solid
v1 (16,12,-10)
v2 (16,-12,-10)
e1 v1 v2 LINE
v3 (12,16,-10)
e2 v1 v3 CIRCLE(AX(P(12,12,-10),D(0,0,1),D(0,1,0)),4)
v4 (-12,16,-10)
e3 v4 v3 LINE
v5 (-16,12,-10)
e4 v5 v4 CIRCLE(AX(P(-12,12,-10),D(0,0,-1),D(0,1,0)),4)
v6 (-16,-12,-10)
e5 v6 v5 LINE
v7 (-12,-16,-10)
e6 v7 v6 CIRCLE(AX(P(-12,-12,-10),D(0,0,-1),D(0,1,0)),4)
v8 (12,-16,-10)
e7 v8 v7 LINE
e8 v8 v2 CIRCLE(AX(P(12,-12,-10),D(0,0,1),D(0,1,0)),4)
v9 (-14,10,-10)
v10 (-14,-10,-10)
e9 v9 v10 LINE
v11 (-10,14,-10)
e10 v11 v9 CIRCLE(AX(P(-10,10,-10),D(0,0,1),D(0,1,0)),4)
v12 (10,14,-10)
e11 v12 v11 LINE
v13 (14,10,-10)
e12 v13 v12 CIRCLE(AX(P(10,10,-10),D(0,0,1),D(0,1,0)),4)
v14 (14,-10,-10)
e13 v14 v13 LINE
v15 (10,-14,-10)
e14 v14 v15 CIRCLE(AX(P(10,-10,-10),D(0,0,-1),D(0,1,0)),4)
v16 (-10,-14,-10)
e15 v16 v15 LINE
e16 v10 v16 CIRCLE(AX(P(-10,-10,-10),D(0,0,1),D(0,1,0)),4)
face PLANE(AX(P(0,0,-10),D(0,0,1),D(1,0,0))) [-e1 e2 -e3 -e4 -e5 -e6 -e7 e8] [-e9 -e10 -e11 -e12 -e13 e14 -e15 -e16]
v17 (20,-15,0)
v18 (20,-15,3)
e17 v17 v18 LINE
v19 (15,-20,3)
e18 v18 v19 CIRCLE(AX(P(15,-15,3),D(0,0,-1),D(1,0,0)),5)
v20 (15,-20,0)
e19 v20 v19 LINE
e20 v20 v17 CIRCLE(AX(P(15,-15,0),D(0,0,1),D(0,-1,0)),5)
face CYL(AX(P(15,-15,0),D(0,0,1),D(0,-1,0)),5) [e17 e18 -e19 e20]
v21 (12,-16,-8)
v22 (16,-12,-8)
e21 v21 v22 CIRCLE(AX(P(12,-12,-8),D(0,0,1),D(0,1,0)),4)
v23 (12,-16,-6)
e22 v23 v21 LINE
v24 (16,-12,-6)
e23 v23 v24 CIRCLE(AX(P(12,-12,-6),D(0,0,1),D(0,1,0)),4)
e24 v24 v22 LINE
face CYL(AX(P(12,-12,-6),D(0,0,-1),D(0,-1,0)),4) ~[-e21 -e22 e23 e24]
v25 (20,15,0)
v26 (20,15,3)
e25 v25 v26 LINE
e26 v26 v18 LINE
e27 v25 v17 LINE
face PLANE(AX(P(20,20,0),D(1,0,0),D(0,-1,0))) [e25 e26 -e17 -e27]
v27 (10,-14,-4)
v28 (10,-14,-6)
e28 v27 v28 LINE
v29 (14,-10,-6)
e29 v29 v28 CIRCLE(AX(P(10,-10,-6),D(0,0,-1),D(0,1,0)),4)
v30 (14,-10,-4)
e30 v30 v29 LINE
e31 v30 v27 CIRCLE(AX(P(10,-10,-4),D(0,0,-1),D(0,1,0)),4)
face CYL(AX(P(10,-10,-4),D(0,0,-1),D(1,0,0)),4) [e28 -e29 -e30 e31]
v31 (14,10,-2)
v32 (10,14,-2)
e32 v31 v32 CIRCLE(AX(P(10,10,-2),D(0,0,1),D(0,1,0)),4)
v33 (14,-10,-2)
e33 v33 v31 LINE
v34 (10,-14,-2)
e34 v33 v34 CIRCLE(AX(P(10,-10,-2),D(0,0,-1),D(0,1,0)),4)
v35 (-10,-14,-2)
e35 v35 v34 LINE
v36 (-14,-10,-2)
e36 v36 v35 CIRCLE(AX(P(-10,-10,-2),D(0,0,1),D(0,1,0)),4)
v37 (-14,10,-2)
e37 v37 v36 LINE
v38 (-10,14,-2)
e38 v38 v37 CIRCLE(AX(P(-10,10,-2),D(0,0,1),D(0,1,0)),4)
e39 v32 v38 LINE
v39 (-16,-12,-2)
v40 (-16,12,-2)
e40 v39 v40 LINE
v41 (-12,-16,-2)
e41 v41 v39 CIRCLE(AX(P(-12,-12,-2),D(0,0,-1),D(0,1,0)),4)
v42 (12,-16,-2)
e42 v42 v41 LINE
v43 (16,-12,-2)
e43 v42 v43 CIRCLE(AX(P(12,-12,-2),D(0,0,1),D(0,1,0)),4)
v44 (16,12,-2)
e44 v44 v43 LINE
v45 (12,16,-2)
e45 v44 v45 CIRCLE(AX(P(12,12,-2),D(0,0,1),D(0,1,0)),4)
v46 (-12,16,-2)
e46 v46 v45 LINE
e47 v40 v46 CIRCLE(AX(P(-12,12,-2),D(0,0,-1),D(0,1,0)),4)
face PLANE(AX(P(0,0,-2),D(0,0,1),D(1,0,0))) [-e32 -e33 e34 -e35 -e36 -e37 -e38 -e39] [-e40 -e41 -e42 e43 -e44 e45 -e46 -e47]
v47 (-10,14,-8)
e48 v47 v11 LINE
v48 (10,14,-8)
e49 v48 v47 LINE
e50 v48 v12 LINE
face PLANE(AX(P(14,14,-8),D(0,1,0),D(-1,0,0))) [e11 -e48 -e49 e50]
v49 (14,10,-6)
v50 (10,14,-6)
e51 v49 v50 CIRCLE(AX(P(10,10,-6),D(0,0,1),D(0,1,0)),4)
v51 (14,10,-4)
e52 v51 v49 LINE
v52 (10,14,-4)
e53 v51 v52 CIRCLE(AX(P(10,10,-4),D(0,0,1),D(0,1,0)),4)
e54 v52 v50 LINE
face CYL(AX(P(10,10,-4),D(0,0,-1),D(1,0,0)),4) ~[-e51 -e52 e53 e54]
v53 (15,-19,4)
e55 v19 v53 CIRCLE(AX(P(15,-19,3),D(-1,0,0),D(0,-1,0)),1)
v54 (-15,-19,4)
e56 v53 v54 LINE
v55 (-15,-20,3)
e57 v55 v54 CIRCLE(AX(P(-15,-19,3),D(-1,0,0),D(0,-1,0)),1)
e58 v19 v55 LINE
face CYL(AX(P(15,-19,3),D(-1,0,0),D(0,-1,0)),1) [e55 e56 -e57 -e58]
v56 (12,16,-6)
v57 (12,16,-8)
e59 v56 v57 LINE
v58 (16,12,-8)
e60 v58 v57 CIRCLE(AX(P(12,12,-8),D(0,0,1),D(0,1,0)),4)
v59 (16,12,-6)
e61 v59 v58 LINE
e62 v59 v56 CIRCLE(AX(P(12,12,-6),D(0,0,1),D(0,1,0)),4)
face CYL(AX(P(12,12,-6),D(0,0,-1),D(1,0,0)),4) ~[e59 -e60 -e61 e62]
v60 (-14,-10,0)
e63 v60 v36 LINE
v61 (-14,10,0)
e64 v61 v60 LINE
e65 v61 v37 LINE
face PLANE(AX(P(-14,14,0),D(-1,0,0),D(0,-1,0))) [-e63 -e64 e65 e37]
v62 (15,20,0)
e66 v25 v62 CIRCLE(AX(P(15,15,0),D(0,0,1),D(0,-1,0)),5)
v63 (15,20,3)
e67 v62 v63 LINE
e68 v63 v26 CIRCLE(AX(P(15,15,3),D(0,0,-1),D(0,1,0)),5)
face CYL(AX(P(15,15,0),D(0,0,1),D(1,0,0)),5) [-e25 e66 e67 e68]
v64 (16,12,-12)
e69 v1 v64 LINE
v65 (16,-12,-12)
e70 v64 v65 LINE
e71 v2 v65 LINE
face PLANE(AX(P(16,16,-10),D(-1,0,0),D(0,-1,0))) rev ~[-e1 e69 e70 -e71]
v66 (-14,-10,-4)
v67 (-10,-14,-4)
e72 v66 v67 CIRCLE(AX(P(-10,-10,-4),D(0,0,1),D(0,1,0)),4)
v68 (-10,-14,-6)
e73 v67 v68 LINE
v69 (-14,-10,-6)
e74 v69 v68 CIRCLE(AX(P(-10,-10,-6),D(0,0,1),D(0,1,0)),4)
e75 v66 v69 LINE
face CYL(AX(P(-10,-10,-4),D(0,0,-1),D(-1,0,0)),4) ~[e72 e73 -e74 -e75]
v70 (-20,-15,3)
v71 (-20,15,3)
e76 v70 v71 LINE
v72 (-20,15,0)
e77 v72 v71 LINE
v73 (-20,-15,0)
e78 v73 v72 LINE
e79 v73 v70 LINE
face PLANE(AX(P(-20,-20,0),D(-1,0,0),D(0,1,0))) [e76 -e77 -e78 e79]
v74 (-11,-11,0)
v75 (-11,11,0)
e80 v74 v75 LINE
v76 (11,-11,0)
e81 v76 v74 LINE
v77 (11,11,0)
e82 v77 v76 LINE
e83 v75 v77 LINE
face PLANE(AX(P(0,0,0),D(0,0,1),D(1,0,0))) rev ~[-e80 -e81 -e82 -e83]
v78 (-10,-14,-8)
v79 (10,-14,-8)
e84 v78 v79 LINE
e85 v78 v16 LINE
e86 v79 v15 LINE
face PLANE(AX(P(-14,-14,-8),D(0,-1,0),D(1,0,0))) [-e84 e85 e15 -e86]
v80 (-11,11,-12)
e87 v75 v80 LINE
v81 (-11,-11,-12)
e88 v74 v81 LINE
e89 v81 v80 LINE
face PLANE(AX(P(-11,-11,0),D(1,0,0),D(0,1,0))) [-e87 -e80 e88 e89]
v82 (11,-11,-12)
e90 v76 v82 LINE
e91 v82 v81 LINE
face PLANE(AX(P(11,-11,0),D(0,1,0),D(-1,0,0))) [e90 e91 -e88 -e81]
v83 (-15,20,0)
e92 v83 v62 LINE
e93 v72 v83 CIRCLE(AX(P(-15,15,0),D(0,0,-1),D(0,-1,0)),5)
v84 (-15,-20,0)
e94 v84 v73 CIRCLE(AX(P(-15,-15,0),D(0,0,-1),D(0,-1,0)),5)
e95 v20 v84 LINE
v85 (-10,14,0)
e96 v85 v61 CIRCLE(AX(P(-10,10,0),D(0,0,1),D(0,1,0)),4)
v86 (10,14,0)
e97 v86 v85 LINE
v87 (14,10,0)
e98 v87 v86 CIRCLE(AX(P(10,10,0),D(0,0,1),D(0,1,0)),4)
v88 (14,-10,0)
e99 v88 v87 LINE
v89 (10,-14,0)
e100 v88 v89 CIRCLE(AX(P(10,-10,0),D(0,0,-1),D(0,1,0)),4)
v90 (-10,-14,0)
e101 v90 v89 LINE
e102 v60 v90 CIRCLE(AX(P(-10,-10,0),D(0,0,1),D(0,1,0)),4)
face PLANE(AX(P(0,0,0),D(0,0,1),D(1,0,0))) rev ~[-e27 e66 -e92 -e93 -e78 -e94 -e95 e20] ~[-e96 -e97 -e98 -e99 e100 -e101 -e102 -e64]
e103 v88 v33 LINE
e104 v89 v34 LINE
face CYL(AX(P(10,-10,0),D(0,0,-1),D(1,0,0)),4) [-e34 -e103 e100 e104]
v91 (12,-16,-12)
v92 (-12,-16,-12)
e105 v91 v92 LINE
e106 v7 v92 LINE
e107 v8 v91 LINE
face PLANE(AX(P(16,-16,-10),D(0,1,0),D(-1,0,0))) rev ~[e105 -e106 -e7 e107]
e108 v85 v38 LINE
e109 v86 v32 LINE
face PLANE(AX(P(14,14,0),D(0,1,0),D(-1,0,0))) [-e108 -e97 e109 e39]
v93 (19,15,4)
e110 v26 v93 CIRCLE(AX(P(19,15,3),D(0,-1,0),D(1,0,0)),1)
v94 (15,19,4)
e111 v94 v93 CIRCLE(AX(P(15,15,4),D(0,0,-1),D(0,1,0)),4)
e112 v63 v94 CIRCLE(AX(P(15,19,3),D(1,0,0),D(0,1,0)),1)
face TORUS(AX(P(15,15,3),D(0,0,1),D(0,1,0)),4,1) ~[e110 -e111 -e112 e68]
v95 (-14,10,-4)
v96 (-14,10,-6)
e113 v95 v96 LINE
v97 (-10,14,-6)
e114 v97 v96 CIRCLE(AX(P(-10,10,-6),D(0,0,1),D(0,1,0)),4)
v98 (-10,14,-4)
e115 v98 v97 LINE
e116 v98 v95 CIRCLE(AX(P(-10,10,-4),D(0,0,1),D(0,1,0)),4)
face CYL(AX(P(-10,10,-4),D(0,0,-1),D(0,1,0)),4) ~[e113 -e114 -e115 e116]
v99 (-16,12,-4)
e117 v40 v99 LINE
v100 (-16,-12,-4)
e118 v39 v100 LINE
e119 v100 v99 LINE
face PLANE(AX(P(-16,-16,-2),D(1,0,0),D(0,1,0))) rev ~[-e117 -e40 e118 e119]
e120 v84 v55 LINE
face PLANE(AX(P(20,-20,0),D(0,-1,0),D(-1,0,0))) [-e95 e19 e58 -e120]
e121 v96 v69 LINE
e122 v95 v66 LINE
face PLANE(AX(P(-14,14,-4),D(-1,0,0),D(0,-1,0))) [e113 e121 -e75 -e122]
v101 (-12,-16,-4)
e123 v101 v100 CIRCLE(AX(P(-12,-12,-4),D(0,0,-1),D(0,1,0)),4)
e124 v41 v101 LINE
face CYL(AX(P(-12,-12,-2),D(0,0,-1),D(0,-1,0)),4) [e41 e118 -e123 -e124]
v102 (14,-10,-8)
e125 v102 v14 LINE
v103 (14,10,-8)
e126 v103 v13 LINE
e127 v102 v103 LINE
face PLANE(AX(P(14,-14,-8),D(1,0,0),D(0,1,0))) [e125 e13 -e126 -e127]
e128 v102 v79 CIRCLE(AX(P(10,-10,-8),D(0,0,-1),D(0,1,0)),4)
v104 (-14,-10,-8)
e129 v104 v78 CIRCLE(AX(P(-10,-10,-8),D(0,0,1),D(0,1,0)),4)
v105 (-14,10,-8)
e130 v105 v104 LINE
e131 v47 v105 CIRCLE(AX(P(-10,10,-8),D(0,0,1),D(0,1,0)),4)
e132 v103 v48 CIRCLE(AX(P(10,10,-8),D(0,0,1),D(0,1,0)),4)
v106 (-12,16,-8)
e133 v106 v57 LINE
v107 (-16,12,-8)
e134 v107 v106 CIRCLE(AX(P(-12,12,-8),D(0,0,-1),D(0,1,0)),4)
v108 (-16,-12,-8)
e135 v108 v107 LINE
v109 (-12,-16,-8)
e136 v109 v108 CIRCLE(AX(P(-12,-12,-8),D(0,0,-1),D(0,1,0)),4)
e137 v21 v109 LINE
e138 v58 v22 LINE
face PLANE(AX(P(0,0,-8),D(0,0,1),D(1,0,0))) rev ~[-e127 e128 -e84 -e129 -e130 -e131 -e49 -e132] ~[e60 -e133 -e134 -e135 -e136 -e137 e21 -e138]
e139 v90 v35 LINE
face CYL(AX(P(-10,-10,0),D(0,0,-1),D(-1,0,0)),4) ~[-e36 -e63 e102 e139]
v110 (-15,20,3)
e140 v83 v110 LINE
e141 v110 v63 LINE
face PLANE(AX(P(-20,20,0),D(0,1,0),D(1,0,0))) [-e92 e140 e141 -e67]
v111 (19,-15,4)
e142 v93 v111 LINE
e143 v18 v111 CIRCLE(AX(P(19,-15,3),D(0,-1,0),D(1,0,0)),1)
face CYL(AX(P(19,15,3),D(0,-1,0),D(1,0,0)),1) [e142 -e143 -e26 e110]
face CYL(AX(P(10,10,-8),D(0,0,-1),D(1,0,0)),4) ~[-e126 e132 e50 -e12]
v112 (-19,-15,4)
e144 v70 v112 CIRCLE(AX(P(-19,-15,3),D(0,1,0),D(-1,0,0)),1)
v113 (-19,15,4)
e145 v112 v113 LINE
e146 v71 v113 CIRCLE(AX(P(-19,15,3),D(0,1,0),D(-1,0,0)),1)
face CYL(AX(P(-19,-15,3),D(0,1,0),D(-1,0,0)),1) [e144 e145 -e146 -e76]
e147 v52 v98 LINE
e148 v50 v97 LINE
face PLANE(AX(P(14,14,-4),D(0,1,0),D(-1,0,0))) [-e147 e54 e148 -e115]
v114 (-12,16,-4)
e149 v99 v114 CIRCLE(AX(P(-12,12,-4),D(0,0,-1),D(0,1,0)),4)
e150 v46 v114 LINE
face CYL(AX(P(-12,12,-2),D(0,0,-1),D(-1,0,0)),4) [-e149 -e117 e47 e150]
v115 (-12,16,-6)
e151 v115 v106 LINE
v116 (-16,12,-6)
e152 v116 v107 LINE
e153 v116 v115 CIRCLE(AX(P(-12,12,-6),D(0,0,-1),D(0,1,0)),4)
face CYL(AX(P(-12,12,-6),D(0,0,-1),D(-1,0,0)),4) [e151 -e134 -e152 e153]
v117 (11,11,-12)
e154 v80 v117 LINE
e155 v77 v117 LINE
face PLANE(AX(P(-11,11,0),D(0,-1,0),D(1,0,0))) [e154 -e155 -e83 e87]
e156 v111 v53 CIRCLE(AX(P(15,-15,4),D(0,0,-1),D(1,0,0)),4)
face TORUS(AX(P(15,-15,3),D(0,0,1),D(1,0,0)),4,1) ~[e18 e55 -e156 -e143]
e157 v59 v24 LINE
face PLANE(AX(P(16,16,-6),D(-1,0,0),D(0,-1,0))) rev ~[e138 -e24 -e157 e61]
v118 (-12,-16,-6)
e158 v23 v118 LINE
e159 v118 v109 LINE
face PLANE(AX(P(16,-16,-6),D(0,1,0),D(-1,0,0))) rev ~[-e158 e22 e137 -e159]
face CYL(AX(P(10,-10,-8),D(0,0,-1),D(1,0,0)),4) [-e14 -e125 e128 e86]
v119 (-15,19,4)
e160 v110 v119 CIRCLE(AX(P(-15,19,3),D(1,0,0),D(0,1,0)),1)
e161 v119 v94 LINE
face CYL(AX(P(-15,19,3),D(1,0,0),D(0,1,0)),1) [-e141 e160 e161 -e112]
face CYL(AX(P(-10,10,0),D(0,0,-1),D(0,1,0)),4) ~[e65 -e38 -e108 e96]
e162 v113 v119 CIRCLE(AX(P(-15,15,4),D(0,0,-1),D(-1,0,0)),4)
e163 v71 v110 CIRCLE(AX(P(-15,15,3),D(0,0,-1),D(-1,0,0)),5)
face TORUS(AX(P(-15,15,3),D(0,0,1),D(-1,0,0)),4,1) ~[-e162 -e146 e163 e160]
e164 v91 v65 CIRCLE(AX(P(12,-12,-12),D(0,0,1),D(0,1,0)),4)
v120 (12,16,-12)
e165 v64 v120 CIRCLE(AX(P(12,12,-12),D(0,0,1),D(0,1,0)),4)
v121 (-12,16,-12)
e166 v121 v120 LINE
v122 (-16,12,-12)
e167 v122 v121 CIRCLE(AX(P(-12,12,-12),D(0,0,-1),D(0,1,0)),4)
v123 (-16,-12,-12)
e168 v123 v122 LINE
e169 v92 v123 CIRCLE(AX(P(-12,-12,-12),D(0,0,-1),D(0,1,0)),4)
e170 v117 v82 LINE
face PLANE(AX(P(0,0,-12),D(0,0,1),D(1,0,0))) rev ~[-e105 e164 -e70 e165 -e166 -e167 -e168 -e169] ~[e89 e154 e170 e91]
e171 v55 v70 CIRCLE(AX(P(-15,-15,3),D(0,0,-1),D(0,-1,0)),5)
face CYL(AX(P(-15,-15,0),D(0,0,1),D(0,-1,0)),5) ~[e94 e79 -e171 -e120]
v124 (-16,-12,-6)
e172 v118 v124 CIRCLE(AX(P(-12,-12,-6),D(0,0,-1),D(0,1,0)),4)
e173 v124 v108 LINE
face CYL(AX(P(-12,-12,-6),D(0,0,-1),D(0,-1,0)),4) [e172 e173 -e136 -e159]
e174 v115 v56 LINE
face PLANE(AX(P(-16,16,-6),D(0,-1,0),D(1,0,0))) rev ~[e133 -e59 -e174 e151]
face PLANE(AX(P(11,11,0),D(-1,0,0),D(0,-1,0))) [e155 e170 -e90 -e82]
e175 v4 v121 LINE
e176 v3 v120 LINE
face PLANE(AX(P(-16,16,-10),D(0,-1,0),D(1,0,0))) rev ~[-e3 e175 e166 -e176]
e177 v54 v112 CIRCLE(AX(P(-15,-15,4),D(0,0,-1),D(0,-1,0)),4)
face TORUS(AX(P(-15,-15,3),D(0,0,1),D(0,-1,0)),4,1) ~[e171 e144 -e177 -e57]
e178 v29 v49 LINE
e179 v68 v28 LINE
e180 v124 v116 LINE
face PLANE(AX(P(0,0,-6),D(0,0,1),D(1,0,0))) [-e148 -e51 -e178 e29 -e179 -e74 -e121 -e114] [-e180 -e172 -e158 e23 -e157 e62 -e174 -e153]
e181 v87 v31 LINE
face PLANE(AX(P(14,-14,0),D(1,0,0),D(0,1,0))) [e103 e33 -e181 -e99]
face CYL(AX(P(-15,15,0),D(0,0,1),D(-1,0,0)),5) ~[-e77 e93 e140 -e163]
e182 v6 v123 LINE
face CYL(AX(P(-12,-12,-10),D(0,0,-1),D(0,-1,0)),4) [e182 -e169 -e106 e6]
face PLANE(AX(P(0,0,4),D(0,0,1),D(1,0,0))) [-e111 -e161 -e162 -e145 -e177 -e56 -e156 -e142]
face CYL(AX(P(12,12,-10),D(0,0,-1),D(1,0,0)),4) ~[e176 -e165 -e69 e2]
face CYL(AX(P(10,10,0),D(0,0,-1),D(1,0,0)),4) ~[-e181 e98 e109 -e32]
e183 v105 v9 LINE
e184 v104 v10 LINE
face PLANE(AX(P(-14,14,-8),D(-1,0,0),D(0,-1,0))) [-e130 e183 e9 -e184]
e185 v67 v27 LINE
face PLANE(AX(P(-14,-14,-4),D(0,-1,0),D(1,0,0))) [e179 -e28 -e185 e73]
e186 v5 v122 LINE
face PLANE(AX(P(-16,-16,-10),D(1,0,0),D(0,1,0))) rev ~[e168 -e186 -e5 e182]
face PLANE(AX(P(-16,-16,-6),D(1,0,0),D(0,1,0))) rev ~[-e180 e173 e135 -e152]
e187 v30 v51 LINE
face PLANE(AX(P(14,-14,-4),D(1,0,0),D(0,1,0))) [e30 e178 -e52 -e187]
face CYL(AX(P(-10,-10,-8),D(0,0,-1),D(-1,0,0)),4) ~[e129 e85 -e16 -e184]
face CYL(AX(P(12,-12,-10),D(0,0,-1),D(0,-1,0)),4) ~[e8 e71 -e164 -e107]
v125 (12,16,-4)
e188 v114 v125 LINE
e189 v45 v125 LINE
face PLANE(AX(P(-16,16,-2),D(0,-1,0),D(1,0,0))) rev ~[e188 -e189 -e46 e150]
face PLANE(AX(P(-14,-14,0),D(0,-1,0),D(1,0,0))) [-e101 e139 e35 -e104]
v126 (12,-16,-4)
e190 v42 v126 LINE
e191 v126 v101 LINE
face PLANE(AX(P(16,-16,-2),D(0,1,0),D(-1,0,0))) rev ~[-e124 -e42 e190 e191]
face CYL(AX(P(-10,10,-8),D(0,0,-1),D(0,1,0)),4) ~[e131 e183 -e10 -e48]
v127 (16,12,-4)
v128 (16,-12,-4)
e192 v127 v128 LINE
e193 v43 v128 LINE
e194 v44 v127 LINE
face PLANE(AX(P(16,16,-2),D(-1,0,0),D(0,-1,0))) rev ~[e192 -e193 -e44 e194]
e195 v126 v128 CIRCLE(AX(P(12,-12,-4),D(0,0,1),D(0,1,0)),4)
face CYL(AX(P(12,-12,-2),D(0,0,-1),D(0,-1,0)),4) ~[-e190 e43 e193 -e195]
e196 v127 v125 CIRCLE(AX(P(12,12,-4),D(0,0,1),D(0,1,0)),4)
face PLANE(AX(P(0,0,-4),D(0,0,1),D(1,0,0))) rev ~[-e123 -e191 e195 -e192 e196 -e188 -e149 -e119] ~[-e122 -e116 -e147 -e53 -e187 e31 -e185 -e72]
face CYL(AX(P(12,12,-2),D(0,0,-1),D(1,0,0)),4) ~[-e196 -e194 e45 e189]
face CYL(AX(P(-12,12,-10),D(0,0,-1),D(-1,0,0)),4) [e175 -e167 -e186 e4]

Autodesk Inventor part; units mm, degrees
ref_plane "YZ Plane" through (0, 0, 0) normal (1, 0, 0) x (0, 1, 0)
ref_plane "XZ Plane" through (0, 0, 0) normal (0, 1, 0) x (-1, 0, 0)
ref_plane "XY Plane" through (0, 0, 0) normal (0, 0, 1) x (1, 0, 0)
sketch "Sketch1" plane through (0, 0, 0) normal (0, 0, 1) x (1, 0, 0)
  line L0 (16, -16) -> (-16, -16)
  line L1 (-16, -16) -> (-16, 16)
  line L2 (-16, 16) -> (16, 16)
  line L3 (16, 16) -> (16, -16)
  line L4 (16, -16) -> (-16, 16) construction
  line L5 (-16, -16) -> (16, 16) construction
  line L6 (14, 14) -> (-14, 14)
  line L7 (-14, 14) -> (-14, -14)
  line L8 (-14, -14) -> (14, -14)
  line L9 (14, -14) -> (14, 14)
  line L10 (20, -20) -> (-20, -20)
  line L11 (-20, -20) -> (-20, 20)
  line L12 (-20, 20) -> (20, 20)
  line L13 (20, 20) -> (20, -20)
  line L14 (-11, 11) -> (11, 11)
  line L15 (11, 11) -> (11, -11)
  line L16 (11, -11) -> (-11, -11)
  line L17 (-11, -11) -> (-11, 11)
  point P0 (0, 0)
  dimension "d0" = 32
  dimension "d1" = 32
  dimension "d2" = 2
  dimension "d10" = 4
  dimension "d12" = 3
extrude "Extrusion1" add sketch "Sketch1" against normal blind 2 contours L9 L8 L7 L6 | L14 L15 L16 L17
extrude "Extrusion2" add sketch "Sketch1" against normal blind 2 from surface at -2 contours L0 L1 L2 L3 | L9 L8 L7 L6 | L14 L15 L16 L17
fillet "Fillet1" radius 4 8 edges at (-16, 16, -3) (16, 16, -3) (-16, -16, -3) (14, -14, -1) (-14, -14, -1) (-14, 14, -1) (14, 14, -1) (16, -16, -3)
pattern_linear "Rectangular Pattern1" count 3 spacing 4 along (0, 0, -1)
extrude "Extrusion3" add sketch "Sketch1" along normal blind 4 contours L0 L1 L2 L3 | L9 L8 L7 L6 | L10 L11 L12 L13 | L14 L15 L16 L17
fillet "Fillet2" radius 5 4 edges at (-20, 20, 2) (20, 20, 2) (-20, -20, 2) (20, -20, 2)
extrude "Extrusion4" cut sketch "Sketch1" against normal through all contours L14 L15 L16 L17
fillet "Fillet3" radius 1 8 edges at (0, 20, 4) (-18.5355, 18.5355, 4) (-20, 0, 4) (-18.5355, -18.5355, 4) (0, -20, 4) (18.5355, -18.5355, 4) (20, 0, 4) (18.5355, 18.5355, 4)
properties part number "PWTR-0123" material "Rubber"
